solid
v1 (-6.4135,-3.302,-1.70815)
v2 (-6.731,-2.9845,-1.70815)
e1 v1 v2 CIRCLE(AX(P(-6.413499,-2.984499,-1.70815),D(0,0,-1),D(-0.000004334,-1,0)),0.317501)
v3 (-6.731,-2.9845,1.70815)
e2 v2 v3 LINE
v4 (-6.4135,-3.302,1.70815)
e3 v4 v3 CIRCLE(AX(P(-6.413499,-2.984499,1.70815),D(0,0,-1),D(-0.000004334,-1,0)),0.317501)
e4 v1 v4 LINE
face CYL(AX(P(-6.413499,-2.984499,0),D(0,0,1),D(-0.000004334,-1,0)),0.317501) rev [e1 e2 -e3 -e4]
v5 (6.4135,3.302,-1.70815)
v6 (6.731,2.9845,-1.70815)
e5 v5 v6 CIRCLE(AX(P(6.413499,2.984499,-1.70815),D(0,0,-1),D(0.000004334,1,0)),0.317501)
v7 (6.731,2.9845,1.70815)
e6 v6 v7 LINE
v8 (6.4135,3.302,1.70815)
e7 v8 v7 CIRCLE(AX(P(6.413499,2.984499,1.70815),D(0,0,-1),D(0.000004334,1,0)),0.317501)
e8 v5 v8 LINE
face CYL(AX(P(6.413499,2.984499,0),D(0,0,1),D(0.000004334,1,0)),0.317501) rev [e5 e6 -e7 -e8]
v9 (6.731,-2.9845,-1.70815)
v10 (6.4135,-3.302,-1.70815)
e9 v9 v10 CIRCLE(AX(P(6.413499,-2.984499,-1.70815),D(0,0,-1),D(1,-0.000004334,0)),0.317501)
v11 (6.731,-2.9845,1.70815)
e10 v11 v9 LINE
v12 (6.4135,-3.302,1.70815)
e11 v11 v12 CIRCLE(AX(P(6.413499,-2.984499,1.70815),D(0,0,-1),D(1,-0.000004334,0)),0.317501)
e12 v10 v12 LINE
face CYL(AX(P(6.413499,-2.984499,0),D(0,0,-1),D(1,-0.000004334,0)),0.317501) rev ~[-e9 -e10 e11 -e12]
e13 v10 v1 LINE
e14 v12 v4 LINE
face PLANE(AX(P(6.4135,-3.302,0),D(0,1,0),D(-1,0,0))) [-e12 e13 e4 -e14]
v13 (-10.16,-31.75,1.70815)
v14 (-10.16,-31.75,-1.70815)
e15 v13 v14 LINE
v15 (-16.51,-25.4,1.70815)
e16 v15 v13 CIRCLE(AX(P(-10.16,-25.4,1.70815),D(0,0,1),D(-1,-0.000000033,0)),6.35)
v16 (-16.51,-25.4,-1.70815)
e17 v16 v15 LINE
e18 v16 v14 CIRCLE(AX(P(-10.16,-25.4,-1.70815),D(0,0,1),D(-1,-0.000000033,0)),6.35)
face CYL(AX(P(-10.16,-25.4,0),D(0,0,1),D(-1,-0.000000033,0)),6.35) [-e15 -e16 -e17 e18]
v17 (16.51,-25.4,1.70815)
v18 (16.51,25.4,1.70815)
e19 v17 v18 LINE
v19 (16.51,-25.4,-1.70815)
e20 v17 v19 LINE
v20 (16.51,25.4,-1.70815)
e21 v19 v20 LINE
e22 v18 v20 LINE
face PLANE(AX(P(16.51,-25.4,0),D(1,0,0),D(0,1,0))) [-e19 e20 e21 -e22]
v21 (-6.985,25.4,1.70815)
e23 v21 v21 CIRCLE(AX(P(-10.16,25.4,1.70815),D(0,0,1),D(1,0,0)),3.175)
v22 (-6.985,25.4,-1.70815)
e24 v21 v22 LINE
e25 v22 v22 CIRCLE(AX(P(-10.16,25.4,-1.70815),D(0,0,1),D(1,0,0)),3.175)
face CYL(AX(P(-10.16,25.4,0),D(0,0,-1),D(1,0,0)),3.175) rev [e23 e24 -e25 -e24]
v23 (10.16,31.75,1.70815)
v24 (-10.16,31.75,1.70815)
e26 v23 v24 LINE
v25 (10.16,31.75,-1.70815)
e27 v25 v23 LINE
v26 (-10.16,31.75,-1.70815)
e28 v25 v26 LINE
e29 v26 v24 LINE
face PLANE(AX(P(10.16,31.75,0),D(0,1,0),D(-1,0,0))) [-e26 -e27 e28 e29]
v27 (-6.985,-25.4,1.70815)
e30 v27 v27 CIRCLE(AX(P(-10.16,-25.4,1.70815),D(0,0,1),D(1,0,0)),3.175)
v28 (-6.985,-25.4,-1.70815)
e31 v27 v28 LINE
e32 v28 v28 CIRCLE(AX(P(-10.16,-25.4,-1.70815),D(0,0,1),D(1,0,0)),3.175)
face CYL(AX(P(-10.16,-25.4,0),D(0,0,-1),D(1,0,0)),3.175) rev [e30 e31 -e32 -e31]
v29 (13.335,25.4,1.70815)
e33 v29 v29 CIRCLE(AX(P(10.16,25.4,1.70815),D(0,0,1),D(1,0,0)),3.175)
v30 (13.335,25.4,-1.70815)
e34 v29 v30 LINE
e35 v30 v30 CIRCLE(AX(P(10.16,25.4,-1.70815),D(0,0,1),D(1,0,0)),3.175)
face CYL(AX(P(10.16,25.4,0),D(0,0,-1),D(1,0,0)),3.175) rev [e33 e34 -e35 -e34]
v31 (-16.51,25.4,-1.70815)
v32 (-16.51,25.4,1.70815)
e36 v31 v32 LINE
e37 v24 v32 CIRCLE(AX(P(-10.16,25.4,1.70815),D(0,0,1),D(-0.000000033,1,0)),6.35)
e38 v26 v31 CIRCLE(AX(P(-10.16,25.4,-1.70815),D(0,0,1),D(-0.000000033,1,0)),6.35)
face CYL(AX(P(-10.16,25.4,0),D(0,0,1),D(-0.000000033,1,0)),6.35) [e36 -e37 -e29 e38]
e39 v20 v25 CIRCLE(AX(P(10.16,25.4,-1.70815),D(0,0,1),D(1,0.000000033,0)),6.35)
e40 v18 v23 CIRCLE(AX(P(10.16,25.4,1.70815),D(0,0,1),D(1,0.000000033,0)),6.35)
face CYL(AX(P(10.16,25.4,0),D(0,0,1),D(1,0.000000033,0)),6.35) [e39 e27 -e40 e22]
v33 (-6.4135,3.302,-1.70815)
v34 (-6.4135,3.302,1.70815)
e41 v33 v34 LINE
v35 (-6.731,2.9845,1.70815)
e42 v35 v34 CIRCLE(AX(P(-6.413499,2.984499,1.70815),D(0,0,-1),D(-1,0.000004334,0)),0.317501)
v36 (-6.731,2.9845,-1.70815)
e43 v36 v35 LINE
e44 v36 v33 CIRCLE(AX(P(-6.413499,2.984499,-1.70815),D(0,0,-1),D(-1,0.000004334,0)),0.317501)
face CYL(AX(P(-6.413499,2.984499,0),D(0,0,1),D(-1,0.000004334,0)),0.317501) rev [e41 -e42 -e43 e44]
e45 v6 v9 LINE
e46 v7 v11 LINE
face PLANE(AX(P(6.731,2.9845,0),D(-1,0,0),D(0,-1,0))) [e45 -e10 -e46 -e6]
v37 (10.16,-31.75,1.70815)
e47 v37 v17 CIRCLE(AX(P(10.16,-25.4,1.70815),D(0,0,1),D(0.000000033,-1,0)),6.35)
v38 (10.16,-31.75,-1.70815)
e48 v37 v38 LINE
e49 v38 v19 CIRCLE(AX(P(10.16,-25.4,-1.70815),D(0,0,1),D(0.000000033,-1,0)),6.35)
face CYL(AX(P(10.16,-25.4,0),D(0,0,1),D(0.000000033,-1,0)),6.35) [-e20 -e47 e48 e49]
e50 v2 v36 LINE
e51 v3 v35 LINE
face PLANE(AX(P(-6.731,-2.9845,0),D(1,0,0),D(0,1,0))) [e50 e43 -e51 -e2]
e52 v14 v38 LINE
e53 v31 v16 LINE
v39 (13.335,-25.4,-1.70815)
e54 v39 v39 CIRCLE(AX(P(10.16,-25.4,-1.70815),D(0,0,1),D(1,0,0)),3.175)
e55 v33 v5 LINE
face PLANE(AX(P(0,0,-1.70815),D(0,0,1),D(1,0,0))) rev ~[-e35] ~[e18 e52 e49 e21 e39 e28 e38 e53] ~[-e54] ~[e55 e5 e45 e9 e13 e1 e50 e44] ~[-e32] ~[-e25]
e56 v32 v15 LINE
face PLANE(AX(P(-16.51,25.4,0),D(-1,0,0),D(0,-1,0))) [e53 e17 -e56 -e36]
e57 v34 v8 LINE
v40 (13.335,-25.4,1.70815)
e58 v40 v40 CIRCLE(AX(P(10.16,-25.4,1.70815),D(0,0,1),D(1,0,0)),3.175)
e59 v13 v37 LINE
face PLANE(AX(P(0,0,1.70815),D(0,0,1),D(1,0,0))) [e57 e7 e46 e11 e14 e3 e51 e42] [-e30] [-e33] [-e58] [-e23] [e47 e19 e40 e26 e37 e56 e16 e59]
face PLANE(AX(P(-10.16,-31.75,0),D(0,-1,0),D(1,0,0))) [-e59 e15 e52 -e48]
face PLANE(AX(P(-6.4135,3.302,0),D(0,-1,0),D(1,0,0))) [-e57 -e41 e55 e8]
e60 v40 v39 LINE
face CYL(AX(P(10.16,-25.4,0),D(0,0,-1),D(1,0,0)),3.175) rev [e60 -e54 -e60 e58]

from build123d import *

# Parameters (mm, degrees)
F0_R     = 3.175
F1_DEPTH = 1.70815


with BuildPart() as f1:
    # F0 (on Top) → F1 (new body, symmetric)
    with BuildSketch(Plane.XY):
        with BuildLine():
            ThreePointArc((16.51, 25.4), (14.650128, 29.890128), (10.16, 31.75))
            Line((10.16, 31.75), (-10.16, 31.75))
            ThreePointArc((-10.16, 31.75), (-14.650128, 29.890128), (-16.51, 25.4))
            Line((-16.51, 25.4), (-16.51, -25.4))
            ThreePointArc((-16.51, -25.4), (-14.650128, -29.890128), (-10.16, -31.75))
            Line((-10.16, -31.75), (10.16, -31.75))
            ThreePointArc((10.16, -31.75), (14.650128, -29.890128), (16.51, -25.4))
            Line((16.51, -25.4), (16.51, 25.4))
        make_face()
        with Locations((-10.16, -25.4)):
            Circle(F0_R, mode=Mode.SUBTRACT)
        with Locations((10.16, -25.4)):
            Circle(F0_R, mode=Mode.SUBTRACT)
        with Locations((-10.16, 25.4)):
            Circle(F0_R, mode=Mode.SUBTRACT)
        with BuildLine():
            Line((-6.4135, 3.302), (6.4135, 3.302))
            ThreePointArc((6.4135, 3.302), (6.638006, 3.209006), (6.731, 2.9845))
            Line((6.731, 2.9845), (6.731, -2.9845))
            ThreePointArc((6.731, -2.9845), (6.638006, -3.209006), (6.4135, -3.302))
            Line((6.4135, -3.302), (-6.4135, -3.302))
            ThreePointArc((-6.4135, -3.302), (-6.638006, -3.209006), (-6.731, -2.9845))
            Line((-6.731, -2.9845), (-6.731, 2.9845))
            ThreePointArc((-6.731, 2.9845), (-6.638006, 3.209006), (-6.4135, 3.302))
        make_face(mode=Mode.SUBTRACT)
        with Locations((10.16, 25.4)):
            Circle(F0_R, mode=Mode.SUBTRACT)
    extrude(amount=F1_DEPTH, both=True)


solid = f1.part
